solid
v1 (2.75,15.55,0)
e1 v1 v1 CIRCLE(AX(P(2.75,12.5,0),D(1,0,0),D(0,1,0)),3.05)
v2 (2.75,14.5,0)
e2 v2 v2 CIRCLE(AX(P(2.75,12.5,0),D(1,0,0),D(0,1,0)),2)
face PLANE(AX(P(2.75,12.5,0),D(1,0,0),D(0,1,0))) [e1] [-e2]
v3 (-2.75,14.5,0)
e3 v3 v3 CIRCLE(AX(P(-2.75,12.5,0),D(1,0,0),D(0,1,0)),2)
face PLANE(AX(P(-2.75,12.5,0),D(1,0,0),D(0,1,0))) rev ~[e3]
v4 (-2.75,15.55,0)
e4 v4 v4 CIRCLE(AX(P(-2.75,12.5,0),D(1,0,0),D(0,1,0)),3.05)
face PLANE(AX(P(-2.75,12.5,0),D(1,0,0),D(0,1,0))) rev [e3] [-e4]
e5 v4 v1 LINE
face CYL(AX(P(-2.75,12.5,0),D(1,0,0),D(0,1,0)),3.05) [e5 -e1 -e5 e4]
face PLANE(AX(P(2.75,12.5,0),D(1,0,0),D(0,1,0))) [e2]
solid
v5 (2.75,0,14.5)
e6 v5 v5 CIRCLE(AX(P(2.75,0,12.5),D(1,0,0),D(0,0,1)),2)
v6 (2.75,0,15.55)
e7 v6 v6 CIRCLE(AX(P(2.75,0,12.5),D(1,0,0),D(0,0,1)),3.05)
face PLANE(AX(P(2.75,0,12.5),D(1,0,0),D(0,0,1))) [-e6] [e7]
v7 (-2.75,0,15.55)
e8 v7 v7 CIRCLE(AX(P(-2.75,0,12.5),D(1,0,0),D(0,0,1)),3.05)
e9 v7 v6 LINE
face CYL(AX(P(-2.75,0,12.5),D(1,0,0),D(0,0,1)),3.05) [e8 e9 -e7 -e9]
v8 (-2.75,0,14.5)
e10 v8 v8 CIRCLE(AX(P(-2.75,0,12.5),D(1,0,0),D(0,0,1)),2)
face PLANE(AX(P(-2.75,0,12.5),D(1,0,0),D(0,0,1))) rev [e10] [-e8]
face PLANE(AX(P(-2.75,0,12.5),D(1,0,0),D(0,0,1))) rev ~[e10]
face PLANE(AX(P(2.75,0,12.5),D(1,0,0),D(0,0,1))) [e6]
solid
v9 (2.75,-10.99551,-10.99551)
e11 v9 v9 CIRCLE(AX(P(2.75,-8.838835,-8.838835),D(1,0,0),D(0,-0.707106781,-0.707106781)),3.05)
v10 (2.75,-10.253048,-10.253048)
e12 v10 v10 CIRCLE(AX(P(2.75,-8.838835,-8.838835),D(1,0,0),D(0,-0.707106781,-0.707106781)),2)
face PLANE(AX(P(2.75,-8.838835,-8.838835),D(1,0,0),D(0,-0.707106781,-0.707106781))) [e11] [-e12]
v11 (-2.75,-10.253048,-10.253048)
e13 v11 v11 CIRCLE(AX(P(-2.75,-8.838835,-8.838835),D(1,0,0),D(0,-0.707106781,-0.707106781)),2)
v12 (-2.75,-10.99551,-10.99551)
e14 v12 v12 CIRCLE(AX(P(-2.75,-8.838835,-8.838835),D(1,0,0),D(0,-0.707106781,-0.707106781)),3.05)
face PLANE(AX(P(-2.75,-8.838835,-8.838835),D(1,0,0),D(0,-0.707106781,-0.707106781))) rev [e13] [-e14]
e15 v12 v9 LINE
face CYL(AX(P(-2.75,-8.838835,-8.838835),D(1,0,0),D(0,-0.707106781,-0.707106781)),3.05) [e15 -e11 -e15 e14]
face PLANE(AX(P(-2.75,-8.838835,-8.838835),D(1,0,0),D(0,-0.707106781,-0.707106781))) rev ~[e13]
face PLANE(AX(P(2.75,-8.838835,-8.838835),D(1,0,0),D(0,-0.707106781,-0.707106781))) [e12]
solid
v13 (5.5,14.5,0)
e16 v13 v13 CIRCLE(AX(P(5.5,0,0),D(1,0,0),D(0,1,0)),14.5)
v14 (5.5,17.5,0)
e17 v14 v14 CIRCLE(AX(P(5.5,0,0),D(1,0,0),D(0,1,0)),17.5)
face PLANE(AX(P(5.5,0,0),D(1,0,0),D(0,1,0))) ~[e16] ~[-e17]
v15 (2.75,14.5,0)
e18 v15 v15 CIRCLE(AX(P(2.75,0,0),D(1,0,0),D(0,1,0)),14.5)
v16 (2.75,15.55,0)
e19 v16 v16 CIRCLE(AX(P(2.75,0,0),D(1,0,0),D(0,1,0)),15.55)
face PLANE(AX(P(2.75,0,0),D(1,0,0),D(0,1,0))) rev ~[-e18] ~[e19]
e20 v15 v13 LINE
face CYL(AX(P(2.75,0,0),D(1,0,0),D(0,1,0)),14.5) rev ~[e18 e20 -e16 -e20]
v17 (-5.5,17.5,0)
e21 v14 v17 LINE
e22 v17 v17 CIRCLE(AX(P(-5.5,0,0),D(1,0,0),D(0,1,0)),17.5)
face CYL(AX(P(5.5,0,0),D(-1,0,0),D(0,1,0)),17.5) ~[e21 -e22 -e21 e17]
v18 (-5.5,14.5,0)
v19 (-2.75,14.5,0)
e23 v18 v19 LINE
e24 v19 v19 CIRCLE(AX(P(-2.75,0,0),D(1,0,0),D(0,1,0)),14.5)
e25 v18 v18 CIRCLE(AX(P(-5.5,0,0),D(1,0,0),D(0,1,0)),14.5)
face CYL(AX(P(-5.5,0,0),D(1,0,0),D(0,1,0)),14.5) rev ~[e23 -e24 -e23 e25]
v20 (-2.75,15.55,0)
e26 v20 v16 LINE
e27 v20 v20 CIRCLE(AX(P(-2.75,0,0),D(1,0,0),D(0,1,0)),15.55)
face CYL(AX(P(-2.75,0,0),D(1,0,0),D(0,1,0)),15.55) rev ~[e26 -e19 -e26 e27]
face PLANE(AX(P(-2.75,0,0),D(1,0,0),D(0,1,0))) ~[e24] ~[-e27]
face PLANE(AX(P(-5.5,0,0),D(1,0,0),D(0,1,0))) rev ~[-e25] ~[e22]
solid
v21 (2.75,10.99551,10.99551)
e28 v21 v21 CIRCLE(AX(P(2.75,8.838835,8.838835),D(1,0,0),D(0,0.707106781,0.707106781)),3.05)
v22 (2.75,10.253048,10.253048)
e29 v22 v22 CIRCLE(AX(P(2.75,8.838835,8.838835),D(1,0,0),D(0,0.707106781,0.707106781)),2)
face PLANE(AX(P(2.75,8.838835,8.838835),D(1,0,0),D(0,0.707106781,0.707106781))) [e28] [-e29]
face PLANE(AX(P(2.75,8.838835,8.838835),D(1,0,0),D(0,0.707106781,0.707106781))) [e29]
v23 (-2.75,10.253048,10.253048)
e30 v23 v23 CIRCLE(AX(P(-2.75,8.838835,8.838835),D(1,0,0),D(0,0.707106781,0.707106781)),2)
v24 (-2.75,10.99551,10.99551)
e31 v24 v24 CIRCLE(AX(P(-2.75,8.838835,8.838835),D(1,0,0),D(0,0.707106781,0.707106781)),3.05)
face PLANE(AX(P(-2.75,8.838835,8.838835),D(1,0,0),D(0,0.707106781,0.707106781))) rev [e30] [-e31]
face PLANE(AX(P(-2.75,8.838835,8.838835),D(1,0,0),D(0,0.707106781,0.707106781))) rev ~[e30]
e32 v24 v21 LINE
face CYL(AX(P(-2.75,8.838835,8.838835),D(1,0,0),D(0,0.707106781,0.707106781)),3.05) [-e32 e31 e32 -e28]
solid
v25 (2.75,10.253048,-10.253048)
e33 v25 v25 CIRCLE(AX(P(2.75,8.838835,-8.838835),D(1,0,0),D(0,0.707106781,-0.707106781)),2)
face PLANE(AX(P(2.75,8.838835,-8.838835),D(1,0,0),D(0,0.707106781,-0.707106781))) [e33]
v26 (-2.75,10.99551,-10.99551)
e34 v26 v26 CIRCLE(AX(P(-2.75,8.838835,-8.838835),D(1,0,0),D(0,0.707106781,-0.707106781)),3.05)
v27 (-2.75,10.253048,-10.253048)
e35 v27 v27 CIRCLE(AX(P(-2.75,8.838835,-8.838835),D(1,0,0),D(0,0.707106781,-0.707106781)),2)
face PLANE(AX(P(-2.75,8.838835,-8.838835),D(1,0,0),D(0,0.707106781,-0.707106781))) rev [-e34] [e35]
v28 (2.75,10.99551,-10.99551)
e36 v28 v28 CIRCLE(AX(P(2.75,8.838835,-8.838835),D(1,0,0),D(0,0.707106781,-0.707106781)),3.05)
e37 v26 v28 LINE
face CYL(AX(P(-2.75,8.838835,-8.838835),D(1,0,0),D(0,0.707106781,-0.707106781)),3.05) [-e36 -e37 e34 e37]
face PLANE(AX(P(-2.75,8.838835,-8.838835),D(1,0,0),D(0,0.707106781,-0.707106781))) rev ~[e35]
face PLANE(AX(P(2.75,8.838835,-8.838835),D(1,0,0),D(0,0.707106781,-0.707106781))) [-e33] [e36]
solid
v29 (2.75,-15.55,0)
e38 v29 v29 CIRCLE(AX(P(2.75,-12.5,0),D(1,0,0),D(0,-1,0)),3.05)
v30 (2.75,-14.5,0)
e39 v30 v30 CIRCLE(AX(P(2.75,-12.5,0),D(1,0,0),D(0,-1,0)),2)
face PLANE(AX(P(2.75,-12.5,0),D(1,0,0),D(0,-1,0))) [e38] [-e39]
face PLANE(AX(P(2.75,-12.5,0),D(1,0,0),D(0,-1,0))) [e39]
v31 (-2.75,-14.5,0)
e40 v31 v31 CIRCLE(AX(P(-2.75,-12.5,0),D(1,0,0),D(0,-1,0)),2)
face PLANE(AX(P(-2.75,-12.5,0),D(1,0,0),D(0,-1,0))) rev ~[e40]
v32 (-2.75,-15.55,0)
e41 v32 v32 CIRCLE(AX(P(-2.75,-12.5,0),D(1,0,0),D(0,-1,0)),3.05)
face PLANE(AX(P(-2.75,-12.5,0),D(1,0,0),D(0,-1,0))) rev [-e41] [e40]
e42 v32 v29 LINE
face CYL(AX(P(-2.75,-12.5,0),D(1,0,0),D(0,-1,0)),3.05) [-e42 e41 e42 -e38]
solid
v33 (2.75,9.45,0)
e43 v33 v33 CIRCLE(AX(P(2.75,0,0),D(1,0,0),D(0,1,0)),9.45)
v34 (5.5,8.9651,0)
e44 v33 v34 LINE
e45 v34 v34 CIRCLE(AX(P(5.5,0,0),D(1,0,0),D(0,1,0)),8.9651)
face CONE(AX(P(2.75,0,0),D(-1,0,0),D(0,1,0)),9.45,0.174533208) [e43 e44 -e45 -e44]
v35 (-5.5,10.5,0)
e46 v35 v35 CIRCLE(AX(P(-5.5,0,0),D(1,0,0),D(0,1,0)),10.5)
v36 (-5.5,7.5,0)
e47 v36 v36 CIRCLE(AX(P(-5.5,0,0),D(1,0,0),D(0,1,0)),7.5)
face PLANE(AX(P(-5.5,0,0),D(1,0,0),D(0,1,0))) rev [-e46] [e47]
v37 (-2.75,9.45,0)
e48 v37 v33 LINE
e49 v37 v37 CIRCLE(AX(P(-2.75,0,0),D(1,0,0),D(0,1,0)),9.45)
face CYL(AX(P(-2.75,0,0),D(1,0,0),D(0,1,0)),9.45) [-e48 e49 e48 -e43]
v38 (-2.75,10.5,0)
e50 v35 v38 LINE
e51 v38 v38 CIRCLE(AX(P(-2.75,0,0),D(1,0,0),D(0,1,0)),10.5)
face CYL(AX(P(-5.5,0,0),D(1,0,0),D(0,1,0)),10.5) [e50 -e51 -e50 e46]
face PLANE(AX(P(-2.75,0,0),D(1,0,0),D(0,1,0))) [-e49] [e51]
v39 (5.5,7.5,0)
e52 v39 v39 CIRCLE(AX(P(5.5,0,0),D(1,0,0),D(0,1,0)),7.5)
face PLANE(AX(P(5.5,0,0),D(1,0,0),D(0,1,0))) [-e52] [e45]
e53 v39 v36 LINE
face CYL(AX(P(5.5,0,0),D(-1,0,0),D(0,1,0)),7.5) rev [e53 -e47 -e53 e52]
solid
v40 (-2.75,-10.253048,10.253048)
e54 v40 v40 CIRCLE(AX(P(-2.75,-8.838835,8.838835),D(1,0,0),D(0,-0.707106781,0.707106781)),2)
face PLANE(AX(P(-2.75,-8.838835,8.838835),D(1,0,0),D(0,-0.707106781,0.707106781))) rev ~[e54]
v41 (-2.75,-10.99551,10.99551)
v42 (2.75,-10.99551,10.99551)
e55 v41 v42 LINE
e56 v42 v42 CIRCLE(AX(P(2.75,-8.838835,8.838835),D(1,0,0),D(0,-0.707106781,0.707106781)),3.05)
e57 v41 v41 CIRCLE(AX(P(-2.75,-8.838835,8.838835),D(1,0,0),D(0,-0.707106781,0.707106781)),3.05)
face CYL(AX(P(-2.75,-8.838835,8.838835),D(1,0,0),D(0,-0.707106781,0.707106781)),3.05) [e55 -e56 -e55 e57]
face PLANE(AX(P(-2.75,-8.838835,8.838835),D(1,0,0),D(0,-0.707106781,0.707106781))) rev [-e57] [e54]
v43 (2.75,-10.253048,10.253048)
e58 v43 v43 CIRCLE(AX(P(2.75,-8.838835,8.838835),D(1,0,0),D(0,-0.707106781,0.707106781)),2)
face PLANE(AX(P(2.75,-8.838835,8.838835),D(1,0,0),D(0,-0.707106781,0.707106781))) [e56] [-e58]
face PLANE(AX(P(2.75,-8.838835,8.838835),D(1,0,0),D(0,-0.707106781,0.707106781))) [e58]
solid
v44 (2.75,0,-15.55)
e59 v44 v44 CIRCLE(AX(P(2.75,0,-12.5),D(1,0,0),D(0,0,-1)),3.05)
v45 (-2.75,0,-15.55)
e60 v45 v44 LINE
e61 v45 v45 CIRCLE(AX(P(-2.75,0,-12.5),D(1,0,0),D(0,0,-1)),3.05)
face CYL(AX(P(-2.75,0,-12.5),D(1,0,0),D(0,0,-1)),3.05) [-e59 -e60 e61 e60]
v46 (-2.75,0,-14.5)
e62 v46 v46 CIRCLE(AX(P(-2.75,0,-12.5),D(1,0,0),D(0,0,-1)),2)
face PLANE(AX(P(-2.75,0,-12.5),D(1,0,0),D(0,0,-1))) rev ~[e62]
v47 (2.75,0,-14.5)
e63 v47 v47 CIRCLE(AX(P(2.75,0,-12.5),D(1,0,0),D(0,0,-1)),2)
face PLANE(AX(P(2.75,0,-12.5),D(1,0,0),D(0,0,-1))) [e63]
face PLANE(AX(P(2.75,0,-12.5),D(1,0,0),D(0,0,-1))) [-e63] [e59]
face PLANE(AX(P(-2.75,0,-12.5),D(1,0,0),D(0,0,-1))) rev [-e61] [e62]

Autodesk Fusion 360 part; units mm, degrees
sketch "Sketch1" plane through (0, 0, 0) normal (0, 0, 1) x (1, 0, 0)
  line L0 (-56.5, 0) -> (48.5, 0)
  line L1 (-5.5, 7.5) -> (-5.5, 10.5)
  line L2 (-5.5, 10.5) -> (-2.75, 10.5)
  line L3 (-2.75, 10.5) -> (-2.75, 9.45)
  line L4 (-2.75, 9.45) -> (2.75, 9.45)
  line L5 (2.75, 9.45) -> (5.5, 8.9651)
  line L6 (5.5, 8.9651) -> (5.5, 7.5)
  line L7 (5.5, 7.5) -> (-5.5, 7.5)
  line L8 (-5.5, 14.5) -> (-2.75, 14.5)
  line L9 (-2.75, 14.5) -> (-2.75, 15.55)
  line L10 (-2.75, 15.55) -> (2.75, 15.55)
  line L11 (2.75, 15.55) -> (2.75, 14.5)
  line L12 (2.75, 14.5) -> (5.5, 14.5)
  line L13 (5.5, 14.5) -> (5.5, 17.5)
  line L14 (5.5, 17.5) -> (-5.5, 17.5)
  line L15 (-5.5, 17.5) -> (-5.5, 14.5)
  line L16 (-2.75, 14.5) -> (-2.75, 10.5)
  line L17 (2.75, 14.5) -> (2.75, 9.45)
  line L18 (0, 15.55) -> (0, 9.45) construction
  line L19 (-2.75, 12.5) -> (2.75, 12.5)
  point P0 (0, 7.5)
  point P1 (0, 9.45)
  point P2 (0, 12.5)
  dimension "d1" = 15
  dimension "d2" = 10
  dimension "d3" = 11
  dimension "d4" = 2.75
  dimension "d6" = 35
  dimension "d7" = 31.1
  dimension "d9" = 29
  dimension "d10" = 21
  dimension "d11" = 25
revolve "Revolve1" add sketch "Sketch1" angle 360 about axis through (-56.5, 0, 0) along (1, 0, 0) contours L1 L2 L3 L4 L5 L6 L7 | L8 L9 L10 L11 L12 L13 L14 L15 makes body 1 at (-1.8333, 17.413, -1.7424) makes body 2 at (-1.8333, 7.4627, -0.7468)
revolve "Revolve2" add sketch "Sketch1" angle 360 about axis through (-2.75, 12.5, 0) along (1, 0, 0) separate body contours L9 L10 L11 L16 L17 L19 makes body 3
pattern_circular "C-Pattern1" count 8 over 360 about axis through (-56.5, 0, 0) along (1, 0, 0) of bodies 3 makes body 4 at (-0.9167, 11.1003, 10.8853) makes body 5 at (-0.9167, 0.152, 15.5462) makes body 6 at (-0.9167, -10.8853, 11.1003) makes body 7 at (-0.9167, -15.5462, 0.152) makes body 8 at (-0.9167, -11.1003, -10.8853) makes body 9 at (-0.9167, -0.152, -15.5462) makes body 10 at (-0.9167, 10.8853, -11.1003)
